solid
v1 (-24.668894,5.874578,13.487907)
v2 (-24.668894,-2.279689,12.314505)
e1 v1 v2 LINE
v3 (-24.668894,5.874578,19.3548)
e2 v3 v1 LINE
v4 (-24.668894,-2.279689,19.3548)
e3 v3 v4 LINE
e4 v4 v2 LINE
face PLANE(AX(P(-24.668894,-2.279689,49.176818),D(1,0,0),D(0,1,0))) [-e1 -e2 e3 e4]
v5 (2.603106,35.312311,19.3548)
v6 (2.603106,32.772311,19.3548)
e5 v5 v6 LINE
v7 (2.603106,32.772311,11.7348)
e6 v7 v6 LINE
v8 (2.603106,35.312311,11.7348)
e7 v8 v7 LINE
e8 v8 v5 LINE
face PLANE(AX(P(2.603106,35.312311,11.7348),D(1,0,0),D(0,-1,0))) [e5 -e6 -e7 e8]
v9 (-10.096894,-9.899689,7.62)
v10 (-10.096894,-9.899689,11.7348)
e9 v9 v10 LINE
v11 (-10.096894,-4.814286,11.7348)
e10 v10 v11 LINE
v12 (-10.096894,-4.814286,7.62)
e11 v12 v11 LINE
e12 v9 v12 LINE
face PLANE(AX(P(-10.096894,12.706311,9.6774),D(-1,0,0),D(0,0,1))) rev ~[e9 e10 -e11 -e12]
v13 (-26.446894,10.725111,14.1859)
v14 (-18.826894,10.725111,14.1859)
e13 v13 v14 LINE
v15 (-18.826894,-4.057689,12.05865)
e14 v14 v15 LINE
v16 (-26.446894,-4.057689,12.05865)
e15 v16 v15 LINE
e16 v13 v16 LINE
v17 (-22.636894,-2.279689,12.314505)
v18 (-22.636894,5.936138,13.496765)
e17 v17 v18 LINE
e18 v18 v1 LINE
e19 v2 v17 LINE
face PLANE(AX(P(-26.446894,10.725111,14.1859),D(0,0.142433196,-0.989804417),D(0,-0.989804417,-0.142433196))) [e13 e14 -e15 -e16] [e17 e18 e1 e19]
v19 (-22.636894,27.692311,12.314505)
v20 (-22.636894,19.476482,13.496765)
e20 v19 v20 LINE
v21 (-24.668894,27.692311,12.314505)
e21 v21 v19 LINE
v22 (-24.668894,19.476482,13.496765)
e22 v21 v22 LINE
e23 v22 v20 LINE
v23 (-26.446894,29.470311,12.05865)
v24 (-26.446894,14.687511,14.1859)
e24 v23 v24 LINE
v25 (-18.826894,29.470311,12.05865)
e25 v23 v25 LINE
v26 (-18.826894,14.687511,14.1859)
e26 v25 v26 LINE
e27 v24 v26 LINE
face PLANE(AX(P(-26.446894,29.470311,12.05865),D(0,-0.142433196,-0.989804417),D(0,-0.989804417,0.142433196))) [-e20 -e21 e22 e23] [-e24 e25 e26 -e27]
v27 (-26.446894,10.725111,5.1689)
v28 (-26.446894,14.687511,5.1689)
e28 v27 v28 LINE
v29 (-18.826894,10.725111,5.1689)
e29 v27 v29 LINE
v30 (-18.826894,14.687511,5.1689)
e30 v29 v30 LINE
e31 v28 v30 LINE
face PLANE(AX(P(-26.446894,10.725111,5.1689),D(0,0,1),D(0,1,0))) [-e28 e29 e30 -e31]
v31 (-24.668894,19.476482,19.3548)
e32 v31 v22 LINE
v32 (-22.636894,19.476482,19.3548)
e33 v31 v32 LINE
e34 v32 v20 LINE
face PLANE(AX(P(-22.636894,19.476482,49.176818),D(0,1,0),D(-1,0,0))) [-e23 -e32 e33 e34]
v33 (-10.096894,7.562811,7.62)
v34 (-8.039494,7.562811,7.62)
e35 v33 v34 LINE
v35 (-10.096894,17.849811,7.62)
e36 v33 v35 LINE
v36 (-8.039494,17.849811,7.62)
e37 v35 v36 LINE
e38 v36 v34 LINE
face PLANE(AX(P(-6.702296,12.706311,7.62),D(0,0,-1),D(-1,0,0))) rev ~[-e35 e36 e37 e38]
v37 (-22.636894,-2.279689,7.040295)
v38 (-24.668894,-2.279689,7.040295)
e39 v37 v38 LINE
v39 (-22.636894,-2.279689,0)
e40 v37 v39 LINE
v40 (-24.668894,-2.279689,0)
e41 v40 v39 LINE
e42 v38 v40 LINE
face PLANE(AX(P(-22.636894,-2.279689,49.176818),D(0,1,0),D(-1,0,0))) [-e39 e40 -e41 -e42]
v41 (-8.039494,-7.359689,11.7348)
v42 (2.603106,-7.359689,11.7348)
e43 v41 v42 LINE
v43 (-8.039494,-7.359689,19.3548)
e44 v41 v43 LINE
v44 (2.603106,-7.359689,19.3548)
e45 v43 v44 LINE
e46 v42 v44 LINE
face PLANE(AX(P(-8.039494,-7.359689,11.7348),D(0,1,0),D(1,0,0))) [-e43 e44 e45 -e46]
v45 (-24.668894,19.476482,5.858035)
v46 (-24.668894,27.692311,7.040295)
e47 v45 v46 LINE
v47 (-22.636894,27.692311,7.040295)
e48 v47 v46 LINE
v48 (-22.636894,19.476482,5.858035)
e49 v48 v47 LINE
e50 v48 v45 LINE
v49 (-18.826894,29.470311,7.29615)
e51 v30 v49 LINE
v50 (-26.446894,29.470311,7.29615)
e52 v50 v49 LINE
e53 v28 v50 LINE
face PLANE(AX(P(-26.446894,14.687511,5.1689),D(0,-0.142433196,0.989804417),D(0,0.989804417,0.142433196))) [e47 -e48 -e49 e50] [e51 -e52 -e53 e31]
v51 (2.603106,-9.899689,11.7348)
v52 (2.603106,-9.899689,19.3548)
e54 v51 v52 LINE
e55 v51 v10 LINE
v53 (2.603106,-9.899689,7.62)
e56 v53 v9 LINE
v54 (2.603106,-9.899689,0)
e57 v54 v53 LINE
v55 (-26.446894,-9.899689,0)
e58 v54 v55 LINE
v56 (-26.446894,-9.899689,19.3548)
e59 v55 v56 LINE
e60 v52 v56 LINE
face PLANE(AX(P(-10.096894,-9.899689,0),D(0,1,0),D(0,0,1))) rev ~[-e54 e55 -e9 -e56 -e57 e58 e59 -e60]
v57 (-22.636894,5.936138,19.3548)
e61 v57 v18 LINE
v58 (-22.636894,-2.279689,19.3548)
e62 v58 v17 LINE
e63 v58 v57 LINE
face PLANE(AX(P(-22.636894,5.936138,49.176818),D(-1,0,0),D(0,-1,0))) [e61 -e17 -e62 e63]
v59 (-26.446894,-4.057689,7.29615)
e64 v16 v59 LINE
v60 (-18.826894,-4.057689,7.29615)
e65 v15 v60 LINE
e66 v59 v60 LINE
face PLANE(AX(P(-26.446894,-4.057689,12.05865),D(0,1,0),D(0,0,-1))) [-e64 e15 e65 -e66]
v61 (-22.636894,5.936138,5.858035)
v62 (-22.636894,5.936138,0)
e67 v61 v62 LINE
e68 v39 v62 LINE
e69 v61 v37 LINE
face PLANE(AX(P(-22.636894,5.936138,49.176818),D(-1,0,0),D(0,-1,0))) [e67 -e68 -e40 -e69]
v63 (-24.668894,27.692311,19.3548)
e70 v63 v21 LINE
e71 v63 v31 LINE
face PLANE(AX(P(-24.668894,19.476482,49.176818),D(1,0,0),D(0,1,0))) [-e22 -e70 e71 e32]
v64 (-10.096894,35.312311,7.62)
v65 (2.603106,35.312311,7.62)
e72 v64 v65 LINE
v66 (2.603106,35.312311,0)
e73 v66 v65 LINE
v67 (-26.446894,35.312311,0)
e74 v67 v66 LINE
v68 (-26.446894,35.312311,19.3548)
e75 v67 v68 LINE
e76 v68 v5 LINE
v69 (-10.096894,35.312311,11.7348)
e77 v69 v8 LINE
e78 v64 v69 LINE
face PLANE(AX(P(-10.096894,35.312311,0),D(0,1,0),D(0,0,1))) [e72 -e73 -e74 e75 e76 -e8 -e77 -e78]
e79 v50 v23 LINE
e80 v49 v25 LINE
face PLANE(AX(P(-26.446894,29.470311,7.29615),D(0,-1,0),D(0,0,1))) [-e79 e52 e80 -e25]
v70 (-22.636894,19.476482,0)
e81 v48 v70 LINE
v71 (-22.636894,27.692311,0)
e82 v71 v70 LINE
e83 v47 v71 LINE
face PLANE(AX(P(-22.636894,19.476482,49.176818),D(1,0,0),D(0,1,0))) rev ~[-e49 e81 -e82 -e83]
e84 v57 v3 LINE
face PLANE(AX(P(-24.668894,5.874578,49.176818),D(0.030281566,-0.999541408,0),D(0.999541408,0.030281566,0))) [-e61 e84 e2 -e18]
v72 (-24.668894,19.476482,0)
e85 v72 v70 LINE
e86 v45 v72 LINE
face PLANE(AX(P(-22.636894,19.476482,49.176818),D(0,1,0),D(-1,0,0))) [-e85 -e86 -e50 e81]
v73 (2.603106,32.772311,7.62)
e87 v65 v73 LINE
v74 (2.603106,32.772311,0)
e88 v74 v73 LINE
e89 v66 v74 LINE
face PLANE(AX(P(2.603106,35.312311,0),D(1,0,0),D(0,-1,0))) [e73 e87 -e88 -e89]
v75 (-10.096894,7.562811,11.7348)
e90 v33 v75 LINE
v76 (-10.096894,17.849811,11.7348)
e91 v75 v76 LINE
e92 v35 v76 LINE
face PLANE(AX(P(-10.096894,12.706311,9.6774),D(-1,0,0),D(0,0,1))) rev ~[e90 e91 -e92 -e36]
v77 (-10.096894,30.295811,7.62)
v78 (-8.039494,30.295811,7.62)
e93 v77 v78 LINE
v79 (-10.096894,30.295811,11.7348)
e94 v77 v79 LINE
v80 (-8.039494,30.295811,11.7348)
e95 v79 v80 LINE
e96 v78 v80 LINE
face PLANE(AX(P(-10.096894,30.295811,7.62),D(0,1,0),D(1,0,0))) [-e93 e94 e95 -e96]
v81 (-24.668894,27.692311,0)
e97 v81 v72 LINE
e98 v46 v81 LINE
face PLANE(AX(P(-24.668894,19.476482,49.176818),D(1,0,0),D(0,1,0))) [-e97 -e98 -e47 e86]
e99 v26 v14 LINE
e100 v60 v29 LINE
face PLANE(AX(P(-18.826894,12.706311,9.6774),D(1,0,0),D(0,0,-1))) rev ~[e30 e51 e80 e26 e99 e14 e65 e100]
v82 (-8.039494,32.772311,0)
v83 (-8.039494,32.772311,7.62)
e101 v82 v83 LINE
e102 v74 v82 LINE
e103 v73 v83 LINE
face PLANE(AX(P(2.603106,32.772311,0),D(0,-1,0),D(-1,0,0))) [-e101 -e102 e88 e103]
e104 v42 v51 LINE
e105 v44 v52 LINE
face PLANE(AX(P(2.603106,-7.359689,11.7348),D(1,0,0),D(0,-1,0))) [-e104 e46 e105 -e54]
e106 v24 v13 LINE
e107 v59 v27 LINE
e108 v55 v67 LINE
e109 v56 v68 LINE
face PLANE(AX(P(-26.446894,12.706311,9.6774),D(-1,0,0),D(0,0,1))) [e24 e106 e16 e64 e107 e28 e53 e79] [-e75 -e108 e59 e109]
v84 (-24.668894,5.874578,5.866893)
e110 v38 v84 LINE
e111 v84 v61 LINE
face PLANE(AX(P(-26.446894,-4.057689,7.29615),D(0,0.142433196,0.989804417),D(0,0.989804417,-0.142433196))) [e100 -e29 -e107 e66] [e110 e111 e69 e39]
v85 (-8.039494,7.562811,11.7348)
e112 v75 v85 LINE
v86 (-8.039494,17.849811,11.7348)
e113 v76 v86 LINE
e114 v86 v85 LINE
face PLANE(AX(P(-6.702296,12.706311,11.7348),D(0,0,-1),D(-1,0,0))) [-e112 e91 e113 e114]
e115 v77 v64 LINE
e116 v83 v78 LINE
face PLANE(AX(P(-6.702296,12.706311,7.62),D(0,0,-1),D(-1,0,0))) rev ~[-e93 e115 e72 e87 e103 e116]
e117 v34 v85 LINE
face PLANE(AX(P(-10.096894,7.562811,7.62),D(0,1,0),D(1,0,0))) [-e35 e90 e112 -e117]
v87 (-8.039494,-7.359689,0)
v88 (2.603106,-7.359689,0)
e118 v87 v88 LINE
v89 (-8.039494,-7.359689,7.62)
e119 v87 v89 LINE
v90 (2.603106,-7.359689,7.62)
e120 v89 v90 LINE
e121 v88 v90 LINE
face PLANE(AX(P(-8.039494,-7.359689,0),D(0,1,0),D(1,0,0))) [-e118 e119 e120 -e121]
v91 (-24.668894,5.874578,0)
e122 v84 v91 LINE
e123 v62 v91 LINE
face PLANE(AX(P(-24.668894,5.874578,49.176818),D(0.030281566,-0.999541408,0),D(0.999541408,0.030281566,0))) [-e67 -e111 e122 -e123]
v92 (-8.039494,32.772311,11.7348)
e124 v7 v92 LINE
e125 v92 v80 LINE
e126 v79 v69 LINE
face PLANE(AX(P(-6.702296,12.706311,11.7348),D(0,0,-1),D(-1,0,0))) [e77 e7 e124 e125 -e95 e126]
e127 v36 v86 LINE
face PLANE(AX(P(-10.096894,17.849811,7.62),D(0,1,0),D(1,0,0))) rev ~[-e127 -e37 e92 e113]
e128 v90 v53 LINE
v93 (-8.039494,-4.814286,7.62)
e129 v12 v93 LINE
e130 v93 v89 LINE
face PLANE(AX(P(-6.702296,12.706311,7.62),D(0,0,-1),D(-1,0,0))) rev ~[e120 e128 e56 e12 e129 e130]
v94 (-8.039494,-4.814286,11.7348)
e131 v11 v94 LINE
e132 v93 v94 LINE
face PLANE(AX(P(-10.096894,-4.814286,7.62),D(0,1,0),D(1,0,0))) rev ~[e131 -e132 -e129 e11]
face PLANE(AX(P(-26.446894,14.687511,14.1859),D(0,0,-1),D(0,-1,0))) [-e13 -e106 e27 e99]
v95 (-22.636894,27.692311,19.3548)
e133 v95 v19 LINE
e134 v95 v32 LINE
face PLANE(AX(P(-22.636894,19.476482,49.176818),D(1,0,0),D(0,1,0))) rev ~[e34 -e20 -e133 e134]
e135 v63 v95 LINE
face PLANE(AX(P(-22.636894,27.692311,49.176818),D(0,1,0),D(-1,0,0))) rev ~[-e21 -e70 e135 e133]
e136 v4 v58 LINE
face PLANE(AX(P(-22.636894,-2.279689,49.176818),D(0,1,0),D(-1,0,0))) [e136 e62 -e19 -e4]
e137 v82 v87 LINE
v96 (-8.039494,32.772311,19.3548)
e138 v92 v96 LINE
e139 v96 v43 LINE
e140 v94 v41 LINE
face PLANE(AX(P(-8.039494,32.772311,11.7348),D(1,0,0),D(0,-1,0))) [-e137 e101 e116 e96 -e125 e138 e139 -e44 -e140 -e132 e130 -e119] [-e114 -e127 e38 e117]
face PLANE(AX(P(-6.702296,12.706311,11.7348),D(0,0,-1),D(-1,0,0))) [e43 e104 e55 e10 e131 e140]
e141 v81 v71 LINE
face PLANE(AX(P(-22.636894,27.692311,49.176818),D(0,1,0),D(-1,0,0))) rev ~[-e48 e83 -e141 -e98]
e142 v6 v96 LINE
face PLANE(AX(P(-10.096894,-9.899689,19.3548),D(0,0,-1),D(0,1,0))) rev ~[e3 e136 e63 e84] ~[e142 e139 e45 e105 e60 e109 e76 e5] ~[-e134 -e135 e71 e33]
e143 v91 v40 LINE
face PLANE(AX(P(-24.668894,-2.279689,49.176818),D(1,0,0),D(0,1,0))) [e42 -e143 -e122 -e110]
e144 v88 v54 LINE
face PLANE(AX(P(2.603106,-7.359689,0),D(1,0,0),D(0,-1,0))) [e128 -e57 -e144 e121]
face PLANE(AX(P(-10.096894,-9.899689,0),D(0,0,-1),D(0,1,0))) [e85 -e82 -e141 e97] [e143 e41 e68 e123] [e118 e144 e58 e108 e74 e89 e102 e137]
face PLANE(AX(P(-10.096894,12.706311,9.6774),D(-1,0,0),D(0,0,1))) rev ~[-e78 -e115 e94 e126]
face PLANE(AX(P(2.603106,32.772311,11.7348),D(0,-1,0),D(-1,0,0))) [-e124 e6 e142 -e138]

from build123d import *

# Parameters (mm, degrees)
SERVO_CLASPER_2ND_HALF_SERVO_A_DEPTH     = 7.62
VESTIGIAL_START                          = 7.62
CENTER_ENCAPSULATOR_W                    = 2.0574
CENTER_ENCAPSULATOR_H                    = 12.446
CENTER_ENCAPSULATOR_H_2                  = 12.377096657
VESTIGIAL_BUT_NICE_DEPTH                 = 4.1148
SERVO_START                              = 11.7348
SERVO_CLASPER_2ND_HALF_OTHER_SERVO_DEPTH = 7.62
SKETCH12_W                               = 19.3548
SKETCH12_H                               = 45.212
SERVO_HOLDER_EXTRUDE_DEPTH               = 16.350000066
SERVO_B_CUT_DEPTH                        = 7.62
SERVO_B_SECURER_CUT_DEPTH                = 49.176817947
SERVO_B_SECURER_CUT_DEPTH_BACK           = 49.176817947
SKETCH18_W                               = 2.032
SKETCH18_H                               = 8.21582812


with BuildPart() as part:
    # Sketch1 → Servo Clasper 2nd Half (Servo A) (new body)
    with BuildSketch(Plane.XY):
        Polygon((2.60310559, 35.312310559), (2.60310559, 32.772310559), (-8.03949441, 32.772310559), (-8.03949441, -7.359689441), (2.60310559, -7.359689441), (2.60310559, -9.899689441), (-10.09689441, -9.899689441), (-10.09689441, 35.312310559), align=None)
    extrude(amount=SERVO_CLASPER_2ND_HALF_SERVO_A_DEPTH)

    # center encapsulator → Vestigial but nice (add)
    with BuildSketch(Plane.XY.offset(VESTIGIAL_START)):
        with Locations((-9.06819441, 24.072810559)):
            Rectangle(CENTER_ENCAPSULATOR_W, CENTER_ENCAPSULATOR_H)
        with Locations((-9.06819441, 1.374262231)):
            Rectangle(CENTER_ENCAPSULATOR_W, CENTER_ENCAPSULATOR_H_2)
    extrude(amount=VESTIGIAL_BUT_NICE_DEPTH)

    # Sketch7 → Servo Clasper 2nd Half (Other Servo) (add)
    with BuildSketch(Plane.XY.offset(SERVO_START)):
        Polygon((2.60310559, 35.312310559), (2.60310559, 32.772310559), (-8.03949441, 32.772310559), (-8.03949441, -7.359689441), (2.60310559, -7.359689441), (2.60310559, -9.899689441), (-10.09689441, -9.899689441), (-10.09689441, 35.312310559), align=None)
    extrude(amount=SERVO_CLASPER_2ND_HALF_OTHER_SERVO_DEPTH)

    # Sketch12 → Servo Holder Extrude (add)
    with BuildSketch(Plane.ZY.offset(10.09689441)):
        with Locations((9.6774, 12.706310559)):
            Rectangle(SKETCH12_W, SKETCH12_H)
    extrude(amount=SERVO_HOLDER_EXTRUDE_DEPTH)

    # Sketch14 → Servo B Cut (cut)
    with BuildSketch(Plane.ZY.offset(26.446894476)):
        Polygon((7.29615, 29.470310559), (12.05865, 29.470310559), (14.1859, 14.687510559), (14.1859, 10.725110559), (12.05865, -4.057689441), (7.29615, -4.057689441), (5.1689, 10.725110559), (5.1689, 14.687510559), align=None)
    extrude(amount=-SERVO_B_CUT_DEPTH, mode=Mode.SUBTRACT)

    # Sketch18 → Servo B Securer Cut (cut, two sides: drawn at the far end of the back side and taken through both)
    with BuildSketch(Plane(origin=(0, 0, 0), x_dir=(-1, 0, 0), z_dir=(0, 0, -1)).offset(-SERVO_B_SECURER_CUT_DEPTH_BACK)):
        with Locations((23.652894476, 23.584396499)):
            Rectangle(SKETCH18_W, SKETCH18_H)
        Polygon((24.668894476, 5.874578093), (22.636894476, 5.936138467), (22.636894476, -2.279689441), (24.668894476, -2.279689441), align=None)
    extrude(amount=SERVO_B_SECURER_CUT_DEPTH + SERVO_B_SECURER_CUT_DEPTH_BACK, mode=Mode.SUBTRACT)


solid = part.part
